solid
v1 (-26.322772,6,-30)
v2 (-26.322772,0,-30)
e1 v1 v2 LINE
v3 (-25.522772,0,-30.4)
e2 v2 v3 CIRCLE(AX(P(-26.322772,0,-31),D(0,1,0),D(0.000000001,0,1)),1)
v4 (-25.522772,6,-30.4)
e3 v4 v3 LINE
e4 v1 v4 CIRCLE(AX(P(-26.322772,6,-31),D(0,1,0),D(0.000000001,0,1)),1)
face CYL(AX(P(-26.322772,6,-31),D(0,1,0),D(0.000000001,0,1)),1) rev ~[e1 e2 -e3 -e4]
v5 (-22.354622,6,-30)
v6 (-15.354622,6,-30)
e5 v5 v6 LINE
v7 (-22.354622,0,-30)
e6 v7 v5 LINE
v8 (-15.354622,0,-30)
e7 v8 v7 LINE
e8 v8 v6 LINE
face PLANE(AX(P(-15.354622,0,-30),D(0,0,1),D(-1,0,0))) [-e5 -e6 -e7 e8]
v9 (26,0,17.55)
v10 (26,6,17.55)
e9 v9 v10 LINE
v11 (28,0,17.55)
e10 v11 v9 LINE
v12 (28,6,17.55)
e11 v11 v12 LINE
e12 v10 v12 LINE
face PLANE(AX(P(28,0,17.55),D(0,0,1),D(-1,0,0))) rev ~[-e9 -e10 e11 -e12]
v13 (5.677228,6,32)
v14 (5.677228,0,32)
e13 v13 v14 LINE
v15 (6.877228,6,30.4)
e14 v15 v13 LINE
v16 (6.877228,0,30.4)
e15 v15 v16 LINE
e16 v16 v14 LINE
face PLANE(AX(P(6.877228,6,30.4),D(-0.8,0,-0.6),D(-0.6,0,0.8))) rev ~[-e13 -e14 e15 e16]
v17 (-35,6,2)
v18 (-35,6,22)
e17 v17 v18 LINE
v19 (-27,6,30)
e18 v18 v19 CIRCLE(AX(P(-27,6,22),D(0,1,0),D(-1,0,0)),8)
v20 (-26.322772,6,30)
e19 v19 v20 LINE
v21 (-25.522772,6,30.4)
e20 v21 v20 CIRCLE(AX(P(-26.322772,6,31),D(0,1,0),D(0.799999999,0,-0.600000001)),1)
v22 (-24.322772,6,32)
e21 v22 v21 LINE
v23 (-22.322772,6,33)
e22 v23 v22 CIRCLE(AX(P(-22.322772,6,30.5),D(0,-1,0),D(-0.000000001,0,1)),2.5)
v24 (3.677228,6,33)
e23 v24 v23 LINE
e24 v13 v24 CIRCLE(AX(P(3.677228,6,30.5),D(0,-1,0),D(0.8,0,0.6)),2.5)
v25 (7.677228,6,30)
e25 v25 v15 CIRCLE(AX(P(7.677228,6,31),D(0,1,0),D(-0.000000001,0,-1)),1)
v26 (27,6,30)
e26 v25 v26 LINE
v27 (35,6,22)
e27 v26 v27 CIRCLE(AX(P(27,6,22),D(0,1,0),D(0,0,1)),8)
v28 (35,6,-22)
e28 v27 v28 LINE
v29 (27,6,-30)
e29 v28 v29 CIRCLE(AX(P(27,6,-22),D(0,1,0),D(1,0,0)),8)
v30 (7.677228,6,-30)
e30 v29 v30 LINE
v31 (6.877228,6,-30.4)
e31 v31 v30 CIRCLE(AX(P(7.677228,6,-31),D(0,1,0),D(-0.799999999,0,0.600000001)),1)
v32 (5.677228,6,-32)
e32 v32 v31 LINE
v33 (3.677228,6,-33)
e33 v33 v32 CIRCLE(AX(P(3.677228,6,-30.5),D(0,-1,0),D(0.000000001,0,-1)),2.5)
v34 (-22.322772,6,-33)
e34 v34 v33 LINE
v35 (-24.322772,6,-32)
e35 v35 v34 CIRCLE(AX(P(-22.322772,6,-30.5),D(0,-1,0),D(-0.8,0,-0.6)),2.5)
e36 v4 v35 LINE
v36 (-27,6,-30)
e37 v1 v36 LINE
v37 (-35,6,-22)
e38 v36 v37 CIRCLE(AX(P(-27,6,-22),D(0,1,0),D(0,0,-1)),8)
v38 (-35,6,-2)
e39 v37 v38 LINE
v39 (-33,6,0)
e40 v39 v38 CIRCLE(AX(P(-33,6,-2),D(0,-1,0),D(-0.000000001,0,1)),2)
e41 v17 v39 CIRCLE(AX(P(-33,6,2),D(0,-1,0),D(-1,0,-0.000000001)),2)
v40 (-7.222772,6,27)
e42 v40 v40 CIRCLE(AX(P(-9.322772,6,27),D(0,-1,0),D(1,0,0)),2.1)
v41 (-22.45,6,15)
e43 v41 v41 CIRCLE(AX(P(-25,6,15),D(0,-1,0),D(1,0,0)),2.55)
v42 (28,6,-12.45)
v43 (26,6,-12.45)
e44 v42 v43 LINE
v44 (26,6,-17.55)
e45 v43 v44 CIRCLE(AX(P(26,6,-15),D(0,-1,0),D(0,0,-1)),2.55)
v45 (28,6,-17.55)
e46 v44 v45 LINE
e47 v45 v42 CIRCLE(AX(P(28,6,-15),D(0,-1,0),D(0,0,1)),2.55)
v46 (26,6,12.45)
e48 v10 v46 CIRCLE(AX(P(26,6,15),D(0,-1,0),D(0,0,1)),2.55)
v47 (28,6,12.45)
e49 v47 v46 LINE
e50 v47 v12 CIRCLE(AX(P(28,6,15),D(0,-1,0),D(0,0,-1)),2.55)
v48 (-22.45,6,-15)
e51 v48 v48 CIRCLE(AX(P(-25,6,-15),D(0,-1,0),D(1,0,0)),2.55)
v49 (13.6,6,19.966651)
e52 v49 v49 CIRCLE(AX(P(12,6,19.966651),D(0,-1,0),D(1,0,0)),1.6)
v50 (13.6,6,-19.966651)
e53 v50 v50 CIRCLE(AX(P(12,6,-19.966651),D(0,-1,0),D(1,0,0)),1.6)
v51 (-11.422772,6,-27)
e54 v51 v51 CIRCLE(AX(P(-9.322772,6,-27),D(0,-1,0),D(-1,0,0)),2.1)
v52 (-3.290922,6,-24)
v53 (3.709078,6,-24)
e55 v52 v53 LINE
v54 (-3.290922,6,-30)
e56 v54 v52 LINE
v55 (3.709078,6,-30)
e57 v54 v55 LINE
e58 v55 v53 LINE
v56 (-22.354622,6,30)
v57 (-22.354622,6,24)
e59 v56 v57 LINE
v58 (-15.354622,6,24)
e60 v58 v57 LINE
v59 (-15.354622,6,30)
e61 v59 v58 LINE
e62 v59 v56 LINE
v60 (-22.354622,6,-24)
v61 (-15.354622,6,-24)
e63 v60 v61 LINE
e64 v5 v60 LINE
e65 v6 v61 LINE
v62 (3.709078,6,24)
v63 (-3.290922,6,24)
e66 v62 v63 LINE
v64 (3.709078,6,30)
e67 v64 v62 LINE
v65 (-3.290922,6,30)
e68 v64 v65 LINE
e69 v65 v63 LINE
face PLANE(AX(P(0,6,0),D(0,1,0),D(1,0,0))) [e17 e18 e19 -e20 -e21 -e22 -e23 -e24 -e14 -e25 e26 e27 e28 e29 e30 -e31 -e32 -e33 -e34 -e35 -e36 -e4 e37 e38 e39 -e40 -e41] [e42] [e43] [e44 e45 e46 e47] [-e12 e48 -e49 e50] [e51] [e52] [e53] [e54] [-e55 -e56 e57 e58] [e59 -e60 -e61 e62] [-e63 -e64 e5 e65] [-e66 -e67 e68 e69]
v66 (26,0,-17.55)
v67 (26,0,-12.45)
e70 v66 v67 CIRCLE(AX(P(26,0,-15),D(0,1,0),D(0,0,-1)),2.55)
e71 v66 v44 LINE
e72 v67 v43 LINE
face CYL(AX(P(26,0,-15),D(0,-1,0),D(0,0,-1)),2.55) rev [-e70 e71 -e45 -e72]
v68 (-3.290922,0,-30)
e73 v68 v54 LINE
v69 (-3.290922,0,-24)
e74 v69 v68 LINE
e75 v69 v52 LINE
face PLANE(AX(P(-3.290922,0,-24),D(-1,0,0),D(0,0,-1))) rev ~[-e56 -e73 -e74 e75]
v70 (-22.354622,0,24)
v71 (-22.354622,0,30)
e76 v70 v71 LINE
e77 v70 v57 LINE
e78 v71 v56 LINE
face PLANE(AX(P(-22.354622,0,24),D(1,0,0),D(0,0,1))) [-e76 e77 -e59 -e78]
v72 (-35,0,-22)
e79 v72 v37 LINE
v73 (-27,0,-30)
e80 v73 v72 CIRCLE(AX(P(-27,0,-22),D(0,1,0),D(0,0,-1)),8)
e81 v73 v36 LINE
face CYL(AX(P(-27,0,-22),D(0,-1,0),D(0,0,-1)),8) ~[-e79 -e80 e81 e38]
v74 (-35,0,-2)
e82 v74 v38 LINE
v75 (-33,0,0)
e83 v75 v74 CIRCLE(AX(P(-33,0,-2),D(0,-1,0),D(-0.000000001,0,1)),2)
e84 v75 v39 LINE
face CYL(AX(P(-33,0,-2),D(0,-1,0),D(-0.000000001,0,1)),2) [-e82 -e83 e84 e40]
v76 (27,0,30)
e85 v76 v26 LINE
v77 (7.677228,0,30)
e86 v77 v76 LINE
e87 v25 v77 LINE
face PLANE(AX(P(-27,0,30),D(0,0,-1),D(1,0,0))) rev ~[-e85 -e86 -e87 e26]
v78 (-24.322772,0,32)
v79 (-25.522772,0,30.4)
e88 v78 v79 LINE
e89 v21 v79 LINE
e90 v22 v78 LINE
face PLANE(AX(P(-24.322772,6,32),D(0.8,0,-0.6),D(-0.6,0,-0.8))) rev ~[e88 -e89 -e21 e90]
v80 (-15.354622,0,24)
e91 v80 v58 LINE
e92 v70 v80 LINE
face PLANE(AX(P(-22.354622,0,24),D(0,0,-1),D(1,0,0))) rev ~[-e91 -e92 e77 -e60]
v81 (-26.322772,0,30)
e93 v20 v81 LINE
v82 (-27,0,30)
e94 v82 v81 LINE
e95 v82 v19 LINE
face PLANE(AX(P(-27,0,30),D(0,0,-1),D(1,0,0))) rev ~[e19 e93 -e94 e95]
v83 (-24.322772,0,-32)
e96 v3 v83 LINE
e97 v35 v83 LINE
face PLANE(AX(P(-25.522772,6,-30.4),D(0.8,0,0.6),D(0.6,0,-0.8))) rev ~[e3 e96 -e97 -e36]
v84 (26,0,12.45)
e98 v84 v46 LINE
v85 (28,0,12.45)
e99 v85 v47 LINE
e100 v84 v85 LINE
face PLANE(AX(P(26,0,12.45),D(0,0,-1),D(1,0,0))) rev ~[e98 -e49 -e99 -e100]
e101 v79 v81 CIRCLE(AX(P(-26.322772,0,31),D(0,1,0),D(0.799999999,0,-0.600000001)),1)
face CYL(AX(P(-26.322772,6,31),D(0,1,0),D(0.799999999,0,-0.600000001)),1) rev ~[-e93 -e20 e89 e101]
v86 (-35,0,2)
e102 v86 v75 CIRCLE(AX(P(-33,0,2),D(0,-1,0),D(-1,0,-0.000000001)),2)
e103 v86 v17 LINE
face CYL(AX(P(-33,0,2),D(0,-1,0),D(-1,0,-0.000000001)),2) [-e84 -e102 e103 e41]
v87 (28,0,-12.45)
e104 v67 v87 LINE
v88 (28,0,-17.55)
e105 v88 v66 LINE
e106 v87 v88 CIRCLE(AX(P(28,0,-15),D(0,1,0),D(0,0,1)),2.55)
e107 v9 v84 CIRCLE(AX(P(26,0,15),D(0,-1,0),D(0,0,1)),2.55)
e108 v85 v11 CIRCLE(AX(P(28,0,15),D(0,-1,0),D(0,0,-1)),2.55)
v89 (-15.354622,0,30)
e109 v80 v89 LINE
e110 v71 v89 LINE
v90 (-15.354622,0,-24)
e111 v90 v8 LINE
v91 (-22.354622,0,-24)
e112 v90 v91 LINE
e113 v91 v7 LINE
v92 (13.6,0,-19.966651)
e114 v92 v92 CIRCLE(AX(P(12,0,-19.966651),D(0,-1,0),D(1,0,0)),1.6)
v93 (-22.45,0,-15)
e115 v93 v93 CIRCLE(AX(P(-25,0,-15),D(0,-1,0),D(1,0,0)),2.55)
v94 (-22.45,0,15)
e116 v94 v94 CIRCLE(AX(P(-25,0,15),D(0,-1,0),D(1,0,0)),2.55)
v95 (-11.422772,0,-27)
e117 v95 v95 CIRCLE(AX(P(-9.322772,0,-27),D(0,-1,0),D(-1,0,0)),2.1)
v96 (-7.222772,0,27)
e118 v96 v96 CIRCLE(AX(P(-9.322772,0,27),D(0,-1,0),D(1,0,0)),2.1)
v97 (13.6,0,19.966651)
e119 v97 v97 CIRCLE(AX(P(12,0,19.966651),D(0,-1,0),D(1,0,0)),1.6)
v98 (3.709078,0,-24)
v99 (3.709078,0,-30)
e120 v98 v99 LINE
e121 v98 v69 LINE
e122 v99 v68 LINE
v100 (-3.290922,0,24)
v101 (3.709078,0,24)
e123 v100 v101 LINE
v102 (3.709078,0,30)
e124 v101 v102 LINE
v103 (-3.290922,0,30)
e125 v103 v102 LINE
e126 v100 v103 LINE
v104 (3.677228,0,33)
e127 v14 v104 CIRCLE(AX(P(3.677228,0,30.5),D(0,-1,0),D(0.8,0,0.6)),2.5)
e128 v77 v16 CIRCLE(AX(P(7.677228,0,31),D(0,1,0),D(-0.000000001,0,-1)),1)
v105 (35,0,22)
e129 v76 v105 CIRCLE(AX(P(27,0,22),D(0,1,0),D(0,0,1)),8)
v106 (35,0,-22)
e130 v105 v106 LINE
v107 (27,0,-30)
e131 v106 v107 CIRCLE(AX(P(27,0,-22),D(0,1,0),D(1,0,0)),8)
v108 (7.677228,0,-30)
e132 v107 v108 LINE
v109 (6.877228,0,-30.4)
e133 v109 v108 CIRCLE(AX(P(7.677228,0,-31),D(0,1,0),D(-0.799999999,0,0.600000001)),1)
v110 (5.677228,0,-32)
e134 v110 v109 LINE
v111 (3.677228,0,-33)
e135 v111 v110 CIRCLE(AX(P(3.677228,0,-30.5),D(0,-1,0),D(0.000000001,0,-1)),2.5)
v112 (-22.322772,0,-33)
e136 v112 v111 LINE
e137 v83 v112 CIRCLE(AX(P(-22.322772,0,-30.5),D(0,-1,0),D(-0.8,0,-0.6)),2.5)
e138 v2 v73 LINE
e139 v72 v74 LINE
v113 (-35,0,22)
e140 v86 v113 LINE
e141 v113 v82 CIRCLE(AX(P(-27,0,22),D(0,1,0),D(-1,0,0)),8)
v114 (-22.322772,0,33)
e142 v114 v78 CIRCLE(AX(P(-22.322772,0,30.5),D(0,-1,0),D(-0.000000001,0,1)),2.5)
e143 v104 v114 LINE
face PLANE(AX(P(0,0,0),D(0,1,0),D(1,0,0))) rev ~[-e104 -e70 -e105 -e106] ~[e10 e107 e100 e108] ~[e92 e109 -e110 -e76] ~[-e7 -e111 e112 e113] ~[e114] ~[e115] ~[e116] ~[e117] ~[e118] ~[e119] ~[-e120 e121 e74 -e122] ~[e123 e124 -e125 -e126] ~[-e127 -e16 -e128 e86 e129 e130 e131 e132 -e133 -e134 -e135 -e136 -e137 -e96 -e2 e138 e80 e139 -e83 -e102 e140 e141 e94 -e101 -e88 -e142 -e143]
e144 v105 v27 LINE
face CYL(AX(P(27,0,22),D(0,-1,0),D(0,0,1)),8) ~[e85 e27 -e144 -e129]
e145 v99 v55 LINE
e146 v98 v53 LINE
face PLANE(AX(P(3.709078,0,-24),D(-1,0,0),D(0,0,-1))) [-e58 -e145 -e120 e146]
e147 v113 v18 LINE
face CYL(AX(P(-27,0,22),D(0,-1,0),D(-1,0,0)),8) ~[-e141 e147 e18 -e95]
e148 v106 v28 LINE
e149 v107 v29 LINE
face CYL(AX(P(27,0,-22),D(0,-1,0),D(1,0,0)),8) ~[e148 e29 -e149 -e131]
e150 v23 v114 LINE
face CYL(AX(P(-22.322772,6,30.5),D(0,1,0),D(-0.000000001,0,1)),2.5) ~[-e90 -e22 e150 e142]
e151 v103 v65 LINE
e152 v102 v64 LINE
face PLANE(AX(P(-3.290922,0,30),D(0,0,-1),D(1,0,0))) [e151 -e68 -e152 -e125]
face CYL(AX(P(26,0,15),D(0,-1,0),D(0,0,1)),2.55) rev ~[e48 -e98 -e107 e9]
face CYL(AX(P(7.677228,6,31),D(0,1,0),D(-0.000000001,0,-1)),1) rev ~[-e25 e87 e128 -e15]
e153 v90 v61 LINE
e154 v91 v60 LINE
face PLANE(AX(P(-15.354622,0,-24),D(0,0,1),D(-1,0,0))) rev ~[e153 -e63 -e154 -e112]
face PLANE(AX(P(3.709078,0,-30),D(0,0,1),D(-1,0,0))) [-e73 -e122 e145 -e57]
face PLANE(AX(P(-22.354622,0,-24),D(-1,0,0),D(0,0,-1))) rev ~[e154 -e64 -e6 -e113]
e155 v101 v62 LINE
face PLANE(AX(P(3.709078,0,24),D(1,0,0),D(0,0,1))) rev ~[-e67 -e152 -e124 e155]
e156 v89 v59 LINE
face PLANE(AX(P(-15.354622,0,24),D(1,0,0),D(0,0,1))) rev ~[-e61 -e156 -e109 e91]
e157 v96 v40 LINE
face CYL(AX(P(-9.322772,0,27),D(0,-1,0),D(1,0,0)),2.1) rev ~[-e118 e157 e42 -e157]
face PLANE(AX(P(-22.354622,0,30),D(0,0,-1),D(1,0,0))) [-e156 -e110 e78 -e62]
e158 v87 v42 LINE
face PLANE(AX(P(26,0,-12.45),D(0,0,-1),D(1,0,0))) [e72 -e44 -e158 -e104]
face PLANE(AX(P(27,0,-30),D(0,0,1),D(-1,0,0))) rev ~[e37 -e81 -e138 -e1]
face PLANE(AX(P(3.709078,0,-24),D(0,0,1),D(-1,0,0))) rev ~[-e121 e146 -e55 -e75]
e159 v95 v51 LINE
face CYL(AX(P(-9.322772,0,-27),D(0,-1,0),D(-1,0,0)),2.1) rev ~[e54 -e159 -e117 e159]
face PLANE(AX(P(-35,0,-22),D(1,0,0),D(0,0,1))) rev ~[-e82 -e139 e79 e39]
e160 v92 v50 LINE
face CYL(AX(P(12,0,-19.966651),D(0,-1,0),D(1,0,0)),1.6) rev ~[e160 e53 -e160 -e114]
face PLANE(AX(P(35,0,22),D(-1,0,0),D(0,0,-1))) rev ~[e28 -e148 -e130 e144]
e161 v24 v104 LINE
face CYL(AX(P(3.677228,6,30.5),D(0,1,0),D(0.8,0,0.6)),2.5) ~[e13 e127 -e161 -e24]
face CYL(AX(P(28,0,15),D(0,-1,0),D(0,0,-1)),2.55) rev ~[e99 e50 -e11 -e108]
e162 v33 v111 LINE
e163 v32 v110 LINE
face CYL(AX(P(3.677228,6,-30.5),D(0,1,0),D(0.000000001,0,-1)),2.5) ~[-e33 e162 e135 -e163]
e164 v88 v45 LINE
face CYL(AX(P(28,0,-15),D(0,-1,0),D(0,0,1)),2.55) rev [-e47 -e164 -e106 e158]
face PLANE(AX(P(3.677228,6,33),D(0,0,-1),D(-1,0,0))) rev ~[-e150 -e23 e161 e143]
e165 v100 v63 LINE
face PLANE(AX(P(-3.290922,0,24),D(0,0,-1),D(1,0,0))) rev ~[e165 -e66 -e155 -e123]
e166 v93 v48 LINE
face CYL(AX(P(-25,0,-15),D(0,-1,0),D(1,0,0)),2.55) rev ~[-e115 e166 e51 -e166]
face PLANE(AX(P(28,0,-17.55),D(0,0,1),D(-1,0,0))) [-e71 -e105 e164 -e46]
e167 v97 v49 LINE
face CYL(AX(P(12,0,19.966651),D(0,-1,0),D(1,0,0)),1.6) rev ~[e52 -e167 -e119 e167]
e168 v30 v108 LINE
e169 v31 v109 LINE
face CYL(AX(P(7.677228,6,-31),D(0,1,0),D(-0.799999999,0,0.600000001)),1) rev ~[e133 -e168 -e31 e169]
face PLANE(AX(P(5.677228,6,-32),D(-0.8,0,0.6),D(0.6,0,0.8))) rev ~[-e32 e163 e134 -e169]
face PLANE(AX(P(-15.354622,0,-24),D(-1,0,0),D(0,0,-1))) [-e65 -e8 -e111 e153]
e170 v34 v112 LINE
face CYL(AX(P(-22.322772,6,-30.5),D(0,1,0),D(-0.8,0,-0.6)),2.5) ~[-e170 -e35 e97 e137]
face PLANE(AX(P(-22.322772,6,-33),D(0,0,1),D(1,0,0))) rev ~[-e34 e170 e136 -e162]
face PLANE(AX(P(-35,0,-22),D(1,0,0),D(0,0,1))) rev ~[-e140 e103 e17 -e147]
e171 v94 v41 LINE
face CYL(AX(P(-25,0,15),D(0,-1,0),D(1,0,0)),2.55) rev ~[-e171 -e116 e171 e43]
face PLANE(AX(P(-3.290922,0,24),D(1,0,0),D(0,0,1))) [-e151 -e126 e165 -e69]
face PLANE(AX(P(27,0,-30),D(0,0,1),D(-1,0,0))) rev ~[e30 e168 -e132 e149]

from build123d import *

# Parameters (mm, degrees)
EXTRUDE_1_DEPTH      = 6
SKETCH_2_R           = 2.55
SKETCH_2_R_2         = 1.6
CUT_EXTRUDE_1_DEPTH  = 7
CUT_EXTRUDE_2_DEPTH  = 7
EXTRUDE_2_DEPTH      = 6
SKETCH_31_R          = 2.1
SKETCH_31_W          = 7
SKETCH_31_H          = 6
CUT_EXTRUDE_11_DEPTH = 7
EXTRUDE_21_DEPTH     = 6
SKETCH_33_R          = 2.1
SKETCH_33_W          = 7
SKETCH_33_H          = 6
CUT_EXTRUDE_13_DEPTH = 7


with BuildPart() as part:
    # Эскиз1 → Бобышка-Вытянуть1 (new body)
    with BuildSketch(Plane(origin=(0, 0, 0), x_dir=(1, 0, 0), z_dir=(0, 1, 0))):
        with BuildLine():
            Line((-27, -30), (27, -30))
            ThreePointArc((27, -30), (32.656854249, -27.656854249), (35, -22))
            Line((35, -22), (35, 22))
            ThreePointArc((35, 22), (32.656854249, 27.656854249), (27, 30))
            Line((27, 30), (-27, 30))
            ThreePointArc((-27, 30), (-32.656854249, 27.656854249), (-35, 22))
            Line((-35, 22), (-35, -22))
            ThreePointArc((-35, -22), (-32.656854249, -27.656854249), (-27, -30))
        make_face()
    extrude(amount=EXTRUDE_1_DEPTH)

    # Эскиз2 → Вырез-Вытянуть1 (cut, through all)
    with BuildSketch(Plane.XZ):
        with Locations((-25, -15)):
            Circle(SKETCH_2_R)
        with Locations((-25, 15)):
            Circle(SKETCH_2_R)
        with Locations((12, 19.966651117)):
            Circle(SKETCH_2_R_2)
        with Locations((12, -19.966651117)):
            Circle(SKETCH_2_R_2)
        with BuildLine():
            Line((28, -17.55), (26, -17.55))
            ThreePointArc((26, -17.55), (23.45, -15), (26, -12.45))
            Line((26, -12.45), (28, -12.45))
            ThreePointArc((28, -12.45), (30.55, -15), (28, -17.55))
        make_face()
        with BuildLine():
            Line((28, 17.55), (26, 17.55))
            ThreePointArc((26, 17.55), (23.45, 15), (26, 12.45))
            Line((26, 12.45), (28, 12.45))
            ThreePointArc((28, 12.45), (30.55, 15), (28, 17.55))
        make_face()
    extrude(amount=-CUT_EXTRUDE_1_DEPTH, mode=Mode.SUBTRACT)

    # Эскиз3 → Вырез-Вытянуть2 (cut, through all)
    with BuildSketch(Plane.XZ):
        with BuildLine():
            Line((-35, -2), (-35, 2))
            ThreePointArc((-35, 2), (-34.414213562, 0.585786438), (-33, 0))
            ThreePointArc((-33, 0), (-34.414213562, -0.585786438), (-35, -2))
        make_face()
    extrude(amount=-CUT_EXTRUDE_2_DEPTH, mode=Mode.SUBTRACT)

    # Эскиз21 → Бобышка-Вытянуть2 (add)
    with BuildSketch(Plane(origin=(-9.322772353, 6, 20), x_dir=(-1, 0, 0), z_dir=(0, -1, 0))):
        with BuildLine():
            Line((13, 53), (-13, 53))
            ThreePointArc((-13, 53), (-14.118033989, 52.736067977), (-15, 52))
            Line((-15, 52), (-16.2, 50.4))
            ThreePointArc((-16.2, 50.4), (-16.552786405, 50.105572809), (-17, 50))
            Line((-17, 50), (17, 50))
            ThreePointArc((17, 50), (16.552786405, 50.105572809), (16.2, 50.4))
            Line((16.2, 50.4), (15, 52))
            ThreePointArc((15, 52), (14.118033989, 52.736067977), (13, 53))
        make_face()
    extrude(amount=EXTRUDE_2_DEPTH)

    # Эскиз31 → Вырез-Вытянуть11 (cut, through all)
    with BuildSketch(Plane(origin=(-9.322772353, 0, 20), x_dir=(-1, 0, 0), z_dir=(0, -1, 0))):
        with Locations((0, 47)):
            Circle(SKETCH_31_R)
        with Locations((9.531849908, 47)):
            Rectangle(SKETCH_31_W, SKETCH_31_H)
        with Locations((-9.531849908, 47)):
            Rectangle(SKETCH_31_W, SKETCH_31_H)
    extrude(amount=-CUT_EXTRUDE_11_DEPTH, mode=Mode.SUBTRACT)

    # Эскиз22 → Бобышка-Вытянуть21 (add)
    with BuildSketch(Plane(origin=(-9.322772353, 6, -20), x_dir=(1, 0, 0), z_dir=(0, -1, 0))):
        with BuildLine():
            Line((13, 53), (-13, 53))
            ThreePointArc((-13, 53), (-14.118033989, 52.736067977), (-15, 52))
            Line((-15, 52), (-16.2, 50.4))
            ThreePointArc((-16.2, 50.4), (-16.552786405, 50.105572809), (-17, 50))
            Line((-17, 50), (17, 50))
            ThreePointArc((17, 50), (16.552786405, 50.105572809), (16.2, 50.4))
            Line((16.2, 50.4), (15, 52))
            ThreePointArc((15, 52), (14.118033989, 52.736067977), (13, 53))
        make_face()
    extrude(amount=EXTRUDE_21_DEPTH)

    # Эскиз33 → Вырез-Вытянуть13 (cut, through all)
    with BuildSketch(Plane(origin=(-9.322772353, 0, -20), x_dir=(1, 0, 0), z_dir=(0, -1, 0))):
        with Locations((0, 47)):
            Circle(SKETCH_33_R)
        with Locations((9.531849908, 47)):
            Rectangle(SKETCH_33_W, SKETCH_33_H)
        with Locations((-9.531849908, 47)):
            Rectangle(SKETCH_33_W, SKETCH_33_H)
    extrude(amount=-CUT_EXTRUDE_13_DEPTH, mode=Mode.SUBTRACT)


solid = part.part
